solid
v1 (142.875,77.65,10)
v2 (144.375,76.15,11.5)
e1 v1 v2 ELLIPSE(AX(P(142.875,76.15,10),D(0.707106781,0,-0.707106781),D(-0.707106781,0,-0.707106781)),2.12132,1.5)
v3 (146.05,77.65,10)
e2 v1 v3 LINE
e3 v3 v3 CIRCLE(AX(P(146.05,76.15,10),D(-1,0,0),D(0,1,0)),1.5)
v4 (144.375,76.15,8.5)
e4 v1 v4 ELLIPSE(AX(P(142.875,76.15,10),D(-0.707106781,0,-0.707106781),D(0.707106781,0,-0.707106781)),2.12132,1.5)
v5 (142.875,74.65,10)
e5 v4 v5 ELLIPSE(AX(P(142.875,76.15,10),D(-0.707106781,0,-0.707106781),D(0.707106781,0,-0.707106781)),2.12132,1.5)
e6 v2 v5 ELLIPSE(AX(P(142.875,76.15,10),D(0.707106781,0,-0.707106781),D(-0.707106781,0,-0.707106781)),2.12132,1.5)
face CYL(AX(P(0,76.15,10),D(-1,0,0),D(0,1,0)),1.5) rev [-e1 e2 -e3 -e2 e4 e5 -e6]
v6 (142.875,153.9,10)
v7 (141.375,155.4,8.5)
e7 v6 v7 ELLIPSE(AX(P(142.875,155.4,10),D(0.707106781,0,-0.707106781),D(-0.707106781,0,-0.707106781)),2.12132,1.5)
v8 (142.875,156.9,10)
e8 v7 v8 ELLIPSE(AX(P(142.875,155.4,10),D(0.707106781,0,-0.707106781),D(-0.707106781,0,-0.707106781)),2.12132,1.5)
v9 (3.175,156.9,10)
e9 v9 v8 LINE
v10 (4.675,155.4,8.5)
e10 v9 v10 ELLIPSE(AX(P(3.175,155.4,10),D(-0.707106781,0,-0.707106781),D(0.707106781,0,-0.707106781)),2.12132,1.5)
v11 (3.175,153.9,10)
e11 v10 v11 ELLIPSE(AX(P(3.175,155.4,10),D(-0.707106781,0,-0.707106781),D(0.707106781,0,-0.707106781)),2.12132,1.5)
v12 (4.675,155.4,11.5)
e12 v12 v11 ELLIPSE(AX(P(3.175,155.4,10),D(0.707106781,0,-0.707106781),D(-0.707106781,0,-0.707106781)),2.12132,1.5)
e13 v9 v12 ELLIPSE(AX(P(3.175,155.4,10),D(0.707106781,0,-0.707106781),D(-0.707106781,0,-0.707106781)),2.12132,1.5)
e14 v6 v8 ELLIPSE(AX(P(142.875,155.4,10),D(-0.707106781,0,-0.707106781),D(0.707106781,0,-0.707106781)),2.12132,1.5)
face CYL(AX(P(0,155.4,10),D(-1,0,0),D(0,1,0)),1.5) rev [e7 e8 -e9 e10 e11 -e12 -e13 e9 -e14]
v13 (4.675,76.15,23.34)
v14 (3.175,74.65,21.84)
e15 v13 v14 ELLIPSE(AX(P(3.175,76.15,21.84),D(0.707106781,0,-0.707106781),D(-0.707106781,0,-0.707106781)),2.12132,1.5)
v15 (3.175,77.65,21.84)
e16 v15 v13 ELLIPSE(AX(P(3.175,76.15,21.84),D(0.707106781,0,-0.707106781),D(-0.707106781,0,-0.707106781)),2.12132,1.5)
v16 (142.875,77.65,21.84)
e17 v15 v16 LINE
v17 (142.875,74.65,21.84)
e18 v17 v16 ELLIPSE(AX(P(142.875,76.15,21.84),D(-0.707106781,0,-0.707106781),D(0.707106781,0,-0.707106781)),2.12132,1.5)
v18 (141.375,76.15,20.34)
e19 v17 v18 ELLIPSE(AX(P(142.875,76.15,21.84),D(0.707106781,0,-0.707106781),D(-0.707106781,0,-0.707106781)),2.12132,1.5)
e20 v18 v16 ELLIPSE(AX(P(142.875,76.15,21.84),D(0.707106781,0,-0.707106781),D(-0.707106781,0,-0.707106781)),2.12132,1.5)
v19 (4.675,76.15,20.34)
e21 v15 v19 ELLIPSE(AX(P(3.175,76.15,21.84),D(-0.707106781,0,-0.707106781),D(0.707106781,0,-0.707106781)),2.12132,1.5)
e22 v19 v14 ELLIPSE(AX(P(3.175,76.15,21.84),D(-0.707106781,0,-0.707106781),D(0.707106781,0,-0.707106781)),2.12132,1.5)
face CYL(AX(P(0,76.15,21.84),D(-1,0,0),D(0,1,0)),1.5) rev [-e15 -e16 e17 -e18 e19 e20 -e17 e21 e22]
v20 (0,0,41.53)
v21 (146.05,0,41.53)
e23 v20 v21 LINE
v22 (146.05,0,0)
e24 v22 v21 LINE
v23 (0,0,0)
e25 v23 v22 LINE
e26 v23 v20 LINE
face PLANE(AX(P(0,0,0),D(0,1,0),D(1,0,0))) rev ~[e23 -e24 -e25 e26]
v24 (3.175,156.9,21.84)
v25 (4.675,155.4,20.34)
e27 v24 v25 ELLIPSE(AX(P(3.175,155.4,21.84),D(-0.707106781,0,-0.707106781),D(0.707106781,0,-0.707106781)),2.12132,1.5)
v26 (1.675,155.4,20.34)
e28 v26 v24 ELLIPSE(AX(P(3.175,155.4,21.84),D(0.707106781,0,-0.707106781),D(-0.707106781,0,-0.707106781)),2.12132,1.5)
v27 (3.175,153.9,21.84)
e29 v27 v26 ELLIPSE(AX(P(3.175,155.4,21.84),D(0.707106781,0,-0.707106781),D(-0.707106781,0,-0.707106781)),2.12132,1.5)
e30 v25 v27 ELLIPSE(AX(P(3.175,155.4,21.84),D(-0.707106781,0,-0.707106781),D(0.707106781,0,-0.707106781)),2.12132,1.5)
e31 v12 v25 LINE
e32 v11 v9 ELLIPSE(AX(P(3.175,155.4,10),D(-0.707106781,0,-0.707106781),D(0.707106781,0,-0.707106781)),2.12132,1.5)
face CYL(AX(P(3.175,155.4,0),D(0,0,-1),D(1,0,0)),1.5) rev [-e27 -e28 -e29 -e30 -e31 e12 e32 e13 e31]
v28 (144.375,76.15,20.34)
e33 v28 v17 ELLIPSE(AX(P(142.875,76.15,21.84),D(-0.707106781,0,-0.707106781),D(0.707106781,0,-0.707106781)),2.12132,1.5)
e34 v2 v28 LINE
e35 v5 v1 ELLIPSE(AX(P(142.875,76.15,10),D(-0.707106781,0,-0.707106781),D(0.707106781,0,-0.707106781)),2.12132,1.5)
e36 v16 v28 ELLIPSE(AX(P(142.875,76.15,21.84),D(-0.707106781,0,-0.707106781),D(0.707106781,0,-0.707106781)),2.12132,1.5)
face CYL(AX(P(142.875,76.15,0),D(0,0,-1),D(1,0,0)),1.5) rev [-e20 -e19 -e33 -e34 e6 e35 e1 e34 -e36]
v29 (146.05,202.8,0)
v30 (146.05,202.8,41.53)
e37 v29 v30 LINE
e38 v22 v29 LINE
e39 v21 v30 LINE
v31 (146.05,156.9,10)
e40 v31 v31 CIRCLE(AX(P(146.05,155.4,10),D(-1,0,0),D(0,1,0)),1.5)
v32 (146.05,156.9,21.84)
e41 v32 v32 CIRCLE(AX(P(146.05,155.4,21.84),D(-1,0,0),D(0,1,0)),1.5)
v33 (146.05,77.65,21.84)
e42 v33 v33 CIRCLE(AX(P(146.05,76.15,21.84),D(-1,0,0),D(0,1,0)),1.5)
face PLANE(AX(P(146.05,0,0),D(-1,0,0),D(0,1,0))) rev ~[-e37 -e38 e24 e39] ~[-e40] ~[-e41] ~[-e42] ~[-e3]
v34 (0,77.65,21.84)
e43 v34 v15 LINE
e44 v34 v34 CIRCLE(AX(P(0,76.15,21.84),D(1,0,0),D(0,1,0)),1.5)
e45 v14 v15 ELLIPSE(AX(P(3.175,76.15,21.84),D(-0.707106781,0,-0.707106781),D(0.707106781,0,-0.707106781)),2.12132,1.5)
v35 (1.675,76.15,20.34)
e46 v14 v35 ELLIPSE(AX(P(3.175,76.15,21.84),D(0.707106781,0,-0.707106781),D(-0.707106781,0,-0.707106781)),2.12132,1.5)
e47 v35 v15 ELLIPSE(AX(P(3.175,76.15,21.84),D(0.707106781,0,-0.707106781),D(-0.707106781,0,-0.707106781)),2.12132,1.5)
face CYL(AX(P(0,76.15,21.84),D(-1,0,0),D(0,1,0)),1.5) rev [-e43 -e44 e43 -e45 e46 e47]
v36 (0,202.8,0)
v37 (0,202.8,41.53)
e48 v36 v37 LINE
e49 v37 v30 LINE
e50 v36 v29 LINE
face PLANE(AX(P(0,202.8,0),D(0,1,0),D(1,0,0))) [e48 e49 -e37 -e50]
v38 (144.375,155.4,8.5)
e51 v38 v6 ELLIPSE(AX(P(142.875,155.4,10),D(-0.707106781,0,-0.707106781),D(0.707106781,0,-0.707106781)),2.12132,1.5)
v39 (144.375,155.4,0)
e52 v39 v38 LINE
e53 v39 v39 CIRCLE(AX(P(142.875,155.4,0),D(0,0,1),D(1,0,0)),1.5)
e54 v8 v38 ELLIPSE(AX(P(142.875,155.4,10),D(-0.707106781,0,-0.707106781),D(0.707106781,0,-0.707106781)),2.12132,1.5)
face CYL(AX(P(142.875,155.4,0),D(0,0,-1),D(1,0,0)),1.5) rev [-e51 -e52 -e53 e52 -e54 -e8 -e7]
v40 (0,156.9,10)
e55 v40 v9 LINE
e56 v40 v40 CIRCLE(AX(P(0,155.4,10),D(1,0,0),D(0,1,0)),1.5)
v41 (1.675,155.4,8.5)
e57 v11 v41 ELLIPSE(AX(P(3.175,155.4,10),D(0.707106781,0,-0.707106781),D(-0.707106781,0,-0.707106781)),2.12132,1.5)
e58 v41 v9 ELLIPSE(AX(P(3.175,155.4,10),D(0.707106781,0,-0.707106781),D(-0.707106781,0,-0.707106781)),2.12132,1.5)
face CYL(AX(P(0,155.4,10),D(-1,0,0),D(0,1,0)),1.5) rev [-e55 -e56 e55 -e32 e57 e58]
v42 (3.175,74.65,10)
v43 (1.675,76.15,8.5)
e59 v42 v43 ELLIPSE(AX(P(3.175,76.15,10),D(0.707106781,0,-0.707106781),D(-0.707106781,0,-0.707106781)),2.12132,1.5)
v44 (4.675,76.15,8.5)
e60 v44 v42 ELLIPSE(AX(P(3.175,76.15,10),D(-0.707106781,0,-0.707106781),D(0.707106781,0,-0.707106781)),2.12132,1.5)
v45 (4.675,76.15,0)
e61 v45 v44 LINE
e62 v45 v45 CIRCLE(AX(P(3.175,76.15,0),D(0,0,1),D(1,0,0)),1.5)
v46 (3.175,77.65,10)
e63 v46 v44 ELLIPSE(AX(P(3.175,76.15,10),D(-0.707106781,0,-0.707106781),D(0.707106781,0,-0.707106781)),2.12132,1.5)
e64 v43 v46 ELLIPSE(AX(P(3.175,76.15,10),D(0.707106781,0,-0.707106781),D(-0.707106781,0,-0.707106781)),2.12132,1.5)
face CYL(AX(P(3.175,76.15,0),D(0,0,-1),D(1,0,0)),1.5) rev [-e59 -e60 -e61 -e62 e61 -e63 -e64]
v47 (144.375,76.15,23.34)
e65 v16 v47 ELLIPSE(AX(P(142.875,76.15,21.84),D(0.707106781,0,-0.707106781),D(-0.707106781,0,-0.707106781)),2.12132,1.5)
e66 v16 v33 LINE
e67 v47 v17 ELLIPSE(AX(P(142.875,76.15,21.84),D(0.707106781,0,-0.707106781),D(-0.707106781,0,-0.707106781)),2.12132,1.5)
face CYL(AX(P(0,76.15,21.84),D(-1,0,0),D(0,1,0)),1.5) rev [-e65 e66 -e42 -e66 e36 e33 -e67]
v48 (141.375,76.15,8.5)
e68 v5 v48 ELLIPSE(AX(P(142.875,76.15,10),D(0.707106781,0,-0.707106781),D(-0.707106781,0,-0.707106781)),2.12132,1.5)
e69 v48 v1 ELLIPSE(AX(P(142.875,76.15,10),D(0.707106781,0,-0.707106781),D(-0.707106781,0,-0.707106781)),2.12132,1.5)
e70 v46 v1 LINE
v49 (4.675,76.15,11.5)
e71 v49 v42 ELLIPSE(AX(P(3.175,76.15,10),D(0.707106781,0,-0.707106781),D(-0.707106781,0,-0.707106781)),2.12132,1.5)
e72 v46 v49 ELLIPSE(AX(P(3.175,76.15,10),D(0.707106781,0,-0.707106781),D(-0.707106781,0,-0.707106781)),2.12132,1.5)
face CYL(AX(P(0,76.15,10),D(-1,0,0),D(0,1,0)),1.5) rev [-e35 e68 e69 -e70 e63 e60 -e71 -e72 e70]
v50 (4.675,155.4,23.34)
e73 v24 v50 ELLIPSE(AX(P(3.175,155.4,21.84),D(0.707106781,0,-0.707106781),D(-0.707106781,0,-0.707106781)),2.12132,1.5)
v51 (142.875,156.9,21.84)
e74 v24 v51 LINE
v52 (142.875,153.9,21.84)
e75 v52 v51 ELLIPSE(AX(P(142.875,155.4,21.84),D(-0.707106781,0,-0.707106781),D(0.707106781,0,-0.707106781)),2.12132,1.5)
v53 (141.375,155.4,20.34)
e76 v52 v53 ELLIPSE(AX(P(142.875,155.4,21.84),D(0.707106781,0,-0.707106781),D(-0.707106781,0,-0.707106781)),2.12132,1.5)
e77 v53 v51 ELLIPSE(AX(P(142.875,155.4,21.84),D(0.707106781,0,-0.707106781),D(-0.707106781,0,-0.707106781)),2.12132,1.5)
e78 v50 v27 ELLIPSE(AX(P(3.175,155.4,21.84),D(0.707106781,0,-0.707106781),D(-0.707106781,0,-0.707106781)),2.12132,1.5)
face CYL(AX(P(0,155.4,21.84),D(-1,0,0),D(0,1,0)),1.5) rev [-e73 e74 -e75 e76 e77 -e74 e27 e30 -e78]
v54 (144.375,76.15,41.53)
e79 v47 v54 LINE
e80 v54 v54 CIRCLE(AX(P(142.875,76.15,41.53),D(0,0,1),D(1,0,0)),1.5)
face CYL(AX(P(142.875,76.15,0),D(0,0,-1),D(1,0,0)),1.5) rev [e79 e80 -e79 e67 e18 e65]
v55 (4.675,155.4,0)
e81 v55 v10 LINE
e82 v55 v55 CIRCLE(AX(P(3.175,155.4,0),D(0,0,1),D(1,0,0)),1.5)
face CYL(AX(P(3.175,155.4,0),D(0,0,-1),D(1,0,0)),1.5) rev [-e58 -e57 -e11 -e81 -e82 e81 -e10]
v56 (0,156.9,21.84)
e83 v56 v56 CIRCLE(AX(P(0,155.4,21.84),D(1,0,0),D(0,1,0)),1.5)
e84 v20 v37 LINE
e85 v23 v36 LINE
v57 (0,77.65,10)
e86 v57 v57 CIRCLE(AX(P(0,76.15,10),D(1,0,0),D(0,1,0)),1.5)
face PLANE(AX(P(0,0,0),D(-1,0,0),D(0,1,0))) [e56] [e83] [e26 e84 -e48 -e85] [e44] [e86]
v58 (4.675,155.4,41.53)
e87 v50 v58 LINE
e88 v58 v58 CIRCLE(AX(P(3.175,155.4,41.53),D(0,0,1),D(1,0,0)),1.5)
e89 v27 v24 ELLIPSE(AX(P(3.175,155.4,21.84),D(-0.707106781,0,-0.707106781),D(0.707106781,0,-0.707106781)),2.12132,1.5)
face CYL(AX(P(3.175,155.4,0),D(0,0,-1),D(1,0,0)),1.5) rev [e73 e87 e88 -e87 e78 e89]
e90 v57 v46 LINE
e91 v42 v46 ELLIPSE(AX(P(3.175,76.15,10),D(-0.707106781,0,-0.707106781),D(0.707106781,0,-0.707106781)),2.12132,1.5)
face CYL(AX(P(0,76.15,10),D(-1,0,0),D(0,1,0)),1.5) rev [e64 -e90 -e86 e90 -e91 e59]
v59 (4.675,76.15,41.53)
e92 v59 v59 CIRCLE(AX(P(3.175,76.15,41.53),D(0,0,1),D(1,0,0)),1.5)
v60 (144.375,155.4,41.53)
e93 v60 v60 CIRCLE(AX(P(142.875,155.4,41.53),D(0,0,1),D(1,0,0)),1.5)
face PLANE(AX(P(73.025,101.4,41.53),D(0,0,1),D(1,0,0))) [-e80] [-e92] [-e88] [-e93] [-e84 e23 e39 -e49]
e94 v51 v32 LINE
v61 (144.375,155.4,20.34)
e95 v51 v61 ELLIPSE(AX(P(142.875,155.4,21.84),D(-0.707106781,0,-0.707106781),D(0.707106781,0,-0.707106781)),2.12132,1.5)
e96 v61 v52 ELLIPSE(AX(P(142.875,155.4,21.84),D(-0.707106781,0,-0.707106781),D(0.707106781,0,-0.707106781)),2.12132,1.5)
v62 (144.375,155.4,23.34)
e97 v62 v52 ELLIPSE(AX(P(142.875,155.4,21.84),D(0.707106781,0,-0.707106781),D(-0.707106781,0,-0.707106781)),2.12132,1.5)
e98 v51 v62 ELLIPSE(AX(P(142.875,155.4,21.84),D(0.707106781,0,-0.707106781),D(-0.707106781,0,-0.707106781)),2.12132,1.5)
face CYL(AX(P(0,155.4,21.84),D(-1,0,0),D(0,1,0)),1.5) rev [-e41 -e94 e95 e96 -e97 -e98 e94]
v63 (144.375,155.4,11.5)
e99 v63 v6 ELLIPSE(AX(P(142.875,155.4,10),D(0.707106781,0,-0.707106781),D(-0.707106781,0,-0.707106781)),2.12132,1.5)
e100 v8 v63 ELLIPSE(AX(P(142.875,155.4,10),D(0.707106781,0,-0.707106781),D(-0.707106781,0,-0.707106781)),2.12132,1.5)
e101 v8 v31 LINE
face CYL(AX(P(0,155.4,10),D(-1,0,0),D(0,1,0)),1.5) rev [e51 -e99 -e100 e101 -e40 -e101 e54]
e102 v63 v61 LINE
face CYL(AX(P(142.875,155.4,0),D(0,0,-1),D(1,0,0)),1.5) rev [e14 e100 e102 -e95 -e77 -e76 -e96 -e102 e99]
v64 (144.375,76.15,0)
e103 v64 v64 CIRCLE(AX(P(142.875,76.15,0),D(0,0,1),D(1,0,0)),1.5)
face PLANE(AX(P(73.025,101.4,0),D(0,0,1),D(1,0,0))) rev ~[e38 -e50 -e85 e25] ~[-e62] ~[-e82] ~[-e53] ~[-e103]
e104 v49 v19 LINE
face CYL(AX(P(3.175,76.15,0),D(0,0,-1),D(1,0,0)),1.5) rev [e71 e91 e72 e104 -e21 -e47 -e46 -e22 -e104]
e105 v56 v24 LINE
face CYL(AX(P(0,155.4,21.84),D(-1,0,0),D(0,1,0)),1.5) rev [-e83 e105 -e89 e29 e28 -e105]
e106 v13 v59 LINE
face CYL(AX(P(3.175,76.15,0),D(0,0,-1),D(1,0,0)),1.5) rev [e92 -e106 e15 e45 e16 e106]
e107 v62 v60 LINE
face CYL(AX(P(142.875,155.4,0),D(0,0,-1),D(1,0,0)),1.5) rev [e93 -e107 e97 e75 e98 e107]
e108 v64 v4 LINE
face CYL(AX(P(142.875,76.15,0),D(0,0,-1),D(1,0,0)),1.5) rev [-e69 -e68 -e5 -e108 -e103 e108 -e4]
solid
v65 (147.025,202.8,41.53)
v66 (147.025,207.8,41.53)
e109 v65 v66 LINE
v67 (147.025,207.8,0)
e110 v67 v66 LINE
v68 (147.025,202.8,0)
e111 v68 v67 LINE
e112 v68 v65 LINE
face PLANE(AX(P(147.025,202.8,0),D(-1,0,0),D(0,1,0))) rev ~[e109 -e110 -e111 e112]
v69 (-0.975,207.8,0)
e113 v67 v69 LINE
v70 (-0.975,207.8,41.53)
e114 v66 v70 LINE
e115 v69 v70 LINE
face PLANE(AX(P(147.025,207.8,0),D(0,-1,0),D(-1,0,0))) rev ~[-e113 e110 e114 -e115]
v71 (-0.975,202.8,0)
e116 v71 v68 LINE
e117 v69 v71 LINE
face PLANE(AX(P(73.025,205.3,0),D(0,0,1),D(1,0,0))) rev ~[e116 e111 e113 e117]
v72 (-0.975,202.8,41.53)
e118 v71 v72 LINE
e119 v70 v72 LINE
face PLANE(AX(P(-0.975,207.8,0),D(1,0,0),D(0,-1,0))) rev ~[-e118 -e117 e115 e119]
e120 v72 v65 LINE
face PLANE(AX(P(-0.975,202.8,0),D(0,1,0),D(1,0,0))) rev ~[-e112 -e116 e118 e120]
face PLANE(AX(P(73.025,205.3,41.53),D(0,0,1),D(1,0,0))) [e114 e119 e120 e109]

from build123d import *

# Parameters (mm, degrees)
F0_W     = 146.05
F0_H     = 202.8
F0_R     = 1.5
F2_DEPTH = 41.53
F3_DEPTH = 41.53
F1_R     = 1.5
F4_DEPTH = 147.026


with BuildPart() as f2:
    # F0 (on Top) → F2 (new body, through all)
    with BuildSketch(Plane.XY):
        with Locations((73.025, 101.4)):
            Rectangle(F0_W, F0_H)
        with Locations((3.175, 76.15)):
            Circle(F0_R, mode=Mode.SUBTRACT)
        with Locations((142.875, 76.15)):
            Circle(F0_R, mode=Mode.SUBTRACT)
        with Locations((3.175, 155.4)):
            Circle(F0_R, mode=Mode.SUBTRACT)
        with Locations((142.875, 155.4)):
            Circle(F0_R, mode=Mode.SUBTRACT)
    extrude(amount=F2_DEPTH)

    # F1 (on Right) → F4 (cut, through all)
    with BuildSketch(Plane.YZ):
        with Locations((155.4, 21.84)):
            Circle(F1_R)
        with Locations((155.4, 10)):
            Circle(F1_R)
        with Locations((76.15, 21.84)):
            Circle(F1_R)
        with Locations((76.15, 10)):
            Circle(F1_R)
    extrude(amount=F4_DEPTH, mode=Mode.SUBTRACT)


with BuildPart() as f3:
    # F0 (on Top) → F3 (new body, through all)
    with BuildSketch(Plane.XY):
        Polygon((-0.975, 202.8), (0, 202.8), (146.05, 202.8), (147.025, 202.8), (147.025, 207.8), (-0.975, 207.8), align=None)
    extrude(amount=F3_DEPTH)


solid = Compound([f2.part, f3.part])
